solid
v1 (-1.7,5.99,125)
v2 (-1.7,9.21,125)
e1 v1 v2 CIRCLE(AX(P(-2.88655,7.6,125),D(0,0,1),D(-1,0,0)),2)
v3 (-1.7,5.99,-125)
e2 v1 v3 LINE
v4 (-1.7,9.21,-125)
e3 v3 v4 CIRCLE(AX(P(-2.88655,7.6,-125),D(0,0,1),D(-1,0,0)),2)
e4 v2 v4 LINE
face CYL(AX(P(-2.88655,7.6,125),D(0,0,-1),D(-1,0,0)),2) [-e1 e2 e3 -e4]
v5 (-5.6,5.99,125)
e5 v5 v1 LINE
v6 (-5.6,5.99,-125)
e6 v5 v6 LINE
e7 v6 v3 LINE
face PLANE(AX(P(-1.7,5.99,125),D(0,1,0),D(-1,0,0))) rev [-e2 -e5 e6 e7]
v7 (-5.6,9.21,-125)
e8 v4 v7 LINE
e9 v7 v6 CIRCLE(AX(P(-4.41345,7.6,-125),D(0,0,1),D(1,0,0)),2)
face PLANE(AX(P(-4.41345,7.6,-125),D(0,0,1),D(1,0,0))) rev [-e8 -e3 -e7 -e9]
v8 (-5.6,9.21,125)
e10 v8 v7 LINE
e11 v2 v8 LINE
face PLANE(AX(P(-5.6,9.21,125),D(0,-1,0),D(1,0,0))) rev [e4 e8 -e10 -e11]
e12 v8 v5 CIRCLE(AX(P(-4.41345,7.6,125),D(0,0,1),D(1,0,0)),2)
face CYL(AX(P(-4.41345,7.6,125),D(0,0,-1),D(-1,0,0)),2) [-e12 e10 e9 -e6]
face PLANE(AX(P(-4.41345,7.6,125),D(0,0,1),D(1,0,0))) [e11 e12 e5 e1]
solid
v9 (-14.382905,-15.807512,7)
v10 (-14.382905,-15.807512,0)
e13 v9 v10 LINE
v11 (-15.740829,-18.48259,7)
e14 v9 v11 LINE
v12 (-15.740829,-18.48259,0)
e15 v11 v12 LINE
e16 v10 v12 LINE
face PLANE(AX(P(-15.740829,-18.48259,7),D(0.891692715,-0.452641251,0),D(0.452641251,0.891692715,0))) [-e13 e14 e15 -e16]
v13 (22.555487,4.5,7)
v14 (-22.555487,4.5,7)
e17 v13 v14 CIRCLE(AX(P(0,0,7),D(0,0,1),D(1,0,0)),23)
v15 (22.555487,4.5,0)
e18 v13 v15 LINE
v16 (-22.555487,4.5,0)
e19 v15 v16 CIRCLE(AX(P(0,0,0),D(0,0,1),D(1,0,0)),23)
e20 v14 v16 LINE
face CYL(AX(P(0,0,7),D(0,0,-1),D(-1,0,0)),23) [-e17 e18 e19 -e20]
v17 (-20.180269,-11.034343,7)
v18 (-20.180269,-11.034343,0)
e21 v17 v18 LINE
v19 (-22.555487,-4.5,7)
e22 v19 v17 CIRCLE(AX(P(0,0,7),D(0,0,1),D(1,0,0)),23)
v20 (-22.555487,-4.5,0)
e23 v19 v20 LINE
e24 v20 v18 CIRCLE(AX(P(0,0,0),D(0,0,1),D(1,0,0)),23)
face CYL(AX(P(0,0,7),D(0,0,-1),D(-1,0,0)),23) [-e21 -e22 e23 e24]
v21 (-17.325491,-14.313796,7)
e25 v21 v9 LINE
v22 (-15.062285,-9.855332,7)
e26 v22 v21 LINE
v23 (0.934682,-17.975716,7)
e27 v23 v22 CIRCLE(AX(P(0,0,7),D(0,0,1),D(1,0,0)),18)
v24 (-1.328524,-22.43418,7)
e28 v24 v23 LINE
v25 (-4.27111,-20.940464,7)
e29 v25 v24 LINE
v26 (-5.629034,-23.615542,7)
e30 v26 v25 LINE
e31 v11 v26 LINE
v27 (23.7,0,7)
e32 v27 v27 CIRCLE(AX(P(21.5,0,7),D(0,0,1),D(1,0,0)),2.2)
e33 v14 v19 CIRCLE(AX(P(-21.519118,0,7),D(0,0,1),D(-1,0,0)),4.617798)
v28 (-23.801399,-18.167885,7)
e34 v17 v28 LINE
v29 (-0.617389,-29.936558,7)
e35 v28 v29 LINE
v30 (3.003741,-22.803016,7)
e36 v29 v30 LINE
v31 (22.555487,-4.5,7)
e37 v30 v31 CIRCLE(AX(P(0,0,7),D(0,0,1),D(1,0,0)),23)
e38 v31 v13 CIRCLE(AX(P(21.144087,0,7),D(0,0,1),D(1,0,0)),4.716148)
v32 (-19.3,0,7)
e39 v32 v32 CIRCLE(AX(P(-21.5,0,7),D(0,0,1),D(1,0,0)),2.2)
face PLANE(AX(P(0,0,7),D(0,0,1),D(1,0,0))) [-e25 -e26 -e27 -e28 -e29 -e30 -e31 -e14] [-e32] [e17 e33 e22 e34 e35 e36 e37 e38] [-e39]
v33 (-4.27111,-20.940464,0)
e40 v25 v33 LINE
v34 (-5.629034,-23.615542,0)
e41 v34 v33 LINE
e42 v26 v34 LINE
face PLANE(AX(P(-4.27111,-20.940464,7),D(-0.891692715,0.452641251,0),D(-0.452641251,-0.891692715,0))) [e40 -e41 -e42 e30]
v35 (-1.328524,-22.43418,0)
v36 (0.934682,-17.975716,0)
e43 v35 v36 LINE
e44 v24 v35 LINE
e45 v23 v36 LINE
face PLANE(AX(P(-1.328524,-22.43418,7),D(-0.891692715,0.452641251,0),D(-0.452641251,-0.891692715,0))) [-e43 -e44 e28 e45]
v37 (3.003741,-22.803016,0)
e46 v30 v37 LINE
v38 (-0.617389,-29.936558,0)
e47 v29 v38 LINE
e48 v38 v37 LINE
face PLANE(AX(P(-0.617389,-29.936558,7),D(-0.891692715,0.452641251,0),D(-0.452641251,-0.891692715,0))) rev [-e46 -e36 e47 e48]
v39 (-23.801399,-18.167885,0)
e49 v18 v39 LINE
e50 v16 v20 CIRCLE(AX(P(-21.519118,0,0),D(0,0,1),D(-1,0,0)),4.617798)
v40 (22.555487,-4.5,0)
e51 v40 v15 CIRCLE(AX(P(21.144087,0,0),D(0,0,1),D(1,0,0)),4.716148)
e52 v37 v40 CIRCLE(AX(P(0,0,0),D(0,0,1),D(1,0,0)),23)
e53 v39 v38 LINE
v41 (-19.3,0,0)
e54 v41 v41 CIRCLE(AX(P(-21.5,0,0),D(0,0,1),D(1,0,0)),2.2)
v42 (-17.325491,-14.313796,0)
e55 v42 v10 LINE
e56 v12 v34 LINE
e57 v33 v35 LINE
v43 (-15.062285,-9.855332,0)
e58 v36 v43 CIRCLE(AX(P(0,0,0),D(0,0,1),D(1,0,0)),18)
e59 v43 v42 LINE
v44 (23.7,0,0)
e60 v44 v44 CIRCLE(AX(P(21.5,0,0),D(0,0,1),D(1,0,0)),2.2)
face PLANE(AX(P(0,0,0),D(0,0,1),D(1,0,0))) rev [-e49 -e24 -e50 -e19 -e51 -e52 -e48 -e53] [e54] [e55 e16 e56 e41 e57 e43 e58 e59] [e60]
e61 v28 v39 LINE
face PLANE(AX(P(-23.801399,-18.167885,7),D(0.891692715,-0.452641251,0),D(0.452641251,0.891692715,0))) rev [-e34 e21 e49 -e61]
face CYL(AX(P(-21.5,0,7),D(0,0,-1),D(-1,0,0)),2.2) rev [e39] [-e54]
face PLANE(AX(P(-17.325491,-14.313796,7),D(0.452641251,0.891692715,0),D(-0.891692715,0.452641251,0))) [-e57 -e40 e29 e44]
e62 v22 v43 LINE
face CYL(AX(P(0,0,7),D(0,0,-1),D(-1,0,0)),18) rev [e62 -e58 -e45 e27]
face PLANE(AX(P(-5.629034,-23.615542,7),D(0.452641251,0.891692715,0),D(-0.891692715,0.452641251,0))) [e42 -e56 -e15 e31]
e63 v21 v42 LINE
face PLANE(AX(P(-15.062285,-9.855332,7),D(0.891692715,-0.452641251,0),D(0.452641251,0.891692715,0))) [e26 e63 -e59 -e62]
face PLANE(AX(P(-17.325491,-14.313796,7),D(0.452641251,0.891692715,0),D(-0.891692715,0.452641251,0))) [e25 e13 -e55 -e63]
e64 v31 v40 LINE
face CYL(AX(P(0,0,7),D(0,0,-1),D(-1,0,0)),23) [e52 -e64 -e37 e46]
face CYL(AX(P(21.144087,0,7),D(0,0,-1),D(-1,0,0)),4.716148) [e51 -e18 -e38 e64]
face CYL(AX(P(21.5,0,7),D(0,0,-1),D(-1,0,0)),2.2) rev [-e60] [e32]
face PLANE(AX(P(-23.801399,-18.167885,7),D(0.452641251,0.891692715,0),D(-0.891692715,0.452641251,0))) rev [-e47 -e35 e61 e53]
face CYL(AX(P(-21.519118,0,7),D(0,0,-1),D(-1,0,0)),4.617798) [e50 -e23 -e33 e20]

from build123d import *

# Parameters (mm, degrees)
SKETCH1_R           = 23
SKETCH1_R_2         = 18
BOSS_EXTRUDE1_DEPTH = 7
BOSS_EXTRUDE2_DEPTH = 7
CUT_EXTRUDE1_DEPTH  = 7
BOSS_EXTRUDE3_DEPTH = 7
SKETCH7_R           = 2.2
CUT_EXTRUDE2_DEPTH  = 7
CUT_EXTRUDE3_DEPTH  = 7
BOSS_EXTRUDE4_DEPTH = 125


with BuildPart() as part:
    # Sketch1 → Boss-Extrude1 (new body)
    with BuildSketch(Plane.XY):
        Circle(SKETCH1_R)
        Circle(SKETCH1_R_2, mode=Mode.SUBTRACT)
    extrude(amount=BOSS_EXTRUDE1_DEPTH)

    # Sketch3 → Boss-Extrude2 (add)
    with BuildSketch(Plane.XY):
        with BuildLine():
            Line((-23.80139919, -18.167885182), (-0.617388595, -29.936557696))
            Line((-0.617388595, -29.936557696), (3.003741409, -22.803015975))
            ThreePointArc((3.003741409, -22.803015975), (-10.410748762, -20.508932449), (-20.180269185, -11.034343461))
            Line((-20.180269185, -11.034343461), (-23.80139919, -18.167885182))
        make_face()
    extrude(amount=BOSS_EXTRUDE2_DEPTH)

    # Sketch5 → Cut-Extrude1 (cut)
    with BuildSketch(Plane.XY):
        with BuildLine():
            Line((-15.062285021, -9.855332057), (-17.325491273, -14.313795633))
            Line((-17.325491273, -14.313795633), (-1.328523963, -22.434179668))
            Line((-1.328523963, -22.434179668), (0.93468229, -17.975716092))
            ThreePointArc((0.93468229, -17.975716092), (-8.14754251, -16.050468873), (-15.062285021, -9.855332057))
        make_face()
    extrude(amount=CUT_EXTRUDE1_DEPTH, mode=Mode.SUBTRACT)

    # Sketch6 → Boss-Extrude3 (add)
    with BuildSketch(Plane.XY):
        with BuildLine():
            ThreePointArc((-22.555487137, -4.5), (-26.136916399, 0), (-22.555487137, 4.5))
            ThreePointArc((-22.555487137, 4.5), (-23, 0), (-22.555487137, -4.5))
        make_face()
        with BuildLine():
            ThreePointArc((22.555487137, -4.5), (25.860234666, 0), (22.555487137, 4.5))
            ThreePointArc((22.555487137, 4.5), (23, 0), (22.555487137, -4.5))
        make_face()
    extrude(amount=BOSS_EXTRUDE3_DEPTH)

    # Sketch7 → Cut-Extrude2 (cut)
    with BuildSketch(Plane.XY):
        with Locations((-21.5, 0)):
            Circle(SKETCH7_R)
        with Locations((21.5, 0)):
            Circle(SKETCH7_R)
    extrude(amount=CUT_EXTRUDE2_DEPTH, mode=Mode.SUBTRACT)

    # Sketch8 → Cut-Extrude3 (cut)
    with BuildSketch(Plane.XY):
        Polygon((-14.382905313, -15.80751176), (-4.271109923, -20.940463541), (-5.629033675, -23.615541687), (-15.740829065, -18.482589905), align=None)
    extrude(amount=CUT_EXTRUDE3_DEPTH, mode=Mode.SUBTRACT)


with BuildPart() as body_2:
    # Sketch9 → Boss-Extrude4 (new, symmetric)
    with BuildSketch(Plane.XY):
        with BuildLine():
            Line((-5.6, 9.21), (-1.7, 9.21))
            ThreePointArc((-1.7, 9.21), (-0.88654962, 7.6), (-1.7, 5.99))
            Line((-1.7, 5.99), (-5.6, 5.99))
            ThreePointArc((-5.6, 5.99), (-6.41345038, 7.6), (-5.6, 9.21))
        make_face()
    extrude(amount=BOSS_EXTRUDE4_DEPTH, both=True)


solid = Compound([part.part, body_2.part])
